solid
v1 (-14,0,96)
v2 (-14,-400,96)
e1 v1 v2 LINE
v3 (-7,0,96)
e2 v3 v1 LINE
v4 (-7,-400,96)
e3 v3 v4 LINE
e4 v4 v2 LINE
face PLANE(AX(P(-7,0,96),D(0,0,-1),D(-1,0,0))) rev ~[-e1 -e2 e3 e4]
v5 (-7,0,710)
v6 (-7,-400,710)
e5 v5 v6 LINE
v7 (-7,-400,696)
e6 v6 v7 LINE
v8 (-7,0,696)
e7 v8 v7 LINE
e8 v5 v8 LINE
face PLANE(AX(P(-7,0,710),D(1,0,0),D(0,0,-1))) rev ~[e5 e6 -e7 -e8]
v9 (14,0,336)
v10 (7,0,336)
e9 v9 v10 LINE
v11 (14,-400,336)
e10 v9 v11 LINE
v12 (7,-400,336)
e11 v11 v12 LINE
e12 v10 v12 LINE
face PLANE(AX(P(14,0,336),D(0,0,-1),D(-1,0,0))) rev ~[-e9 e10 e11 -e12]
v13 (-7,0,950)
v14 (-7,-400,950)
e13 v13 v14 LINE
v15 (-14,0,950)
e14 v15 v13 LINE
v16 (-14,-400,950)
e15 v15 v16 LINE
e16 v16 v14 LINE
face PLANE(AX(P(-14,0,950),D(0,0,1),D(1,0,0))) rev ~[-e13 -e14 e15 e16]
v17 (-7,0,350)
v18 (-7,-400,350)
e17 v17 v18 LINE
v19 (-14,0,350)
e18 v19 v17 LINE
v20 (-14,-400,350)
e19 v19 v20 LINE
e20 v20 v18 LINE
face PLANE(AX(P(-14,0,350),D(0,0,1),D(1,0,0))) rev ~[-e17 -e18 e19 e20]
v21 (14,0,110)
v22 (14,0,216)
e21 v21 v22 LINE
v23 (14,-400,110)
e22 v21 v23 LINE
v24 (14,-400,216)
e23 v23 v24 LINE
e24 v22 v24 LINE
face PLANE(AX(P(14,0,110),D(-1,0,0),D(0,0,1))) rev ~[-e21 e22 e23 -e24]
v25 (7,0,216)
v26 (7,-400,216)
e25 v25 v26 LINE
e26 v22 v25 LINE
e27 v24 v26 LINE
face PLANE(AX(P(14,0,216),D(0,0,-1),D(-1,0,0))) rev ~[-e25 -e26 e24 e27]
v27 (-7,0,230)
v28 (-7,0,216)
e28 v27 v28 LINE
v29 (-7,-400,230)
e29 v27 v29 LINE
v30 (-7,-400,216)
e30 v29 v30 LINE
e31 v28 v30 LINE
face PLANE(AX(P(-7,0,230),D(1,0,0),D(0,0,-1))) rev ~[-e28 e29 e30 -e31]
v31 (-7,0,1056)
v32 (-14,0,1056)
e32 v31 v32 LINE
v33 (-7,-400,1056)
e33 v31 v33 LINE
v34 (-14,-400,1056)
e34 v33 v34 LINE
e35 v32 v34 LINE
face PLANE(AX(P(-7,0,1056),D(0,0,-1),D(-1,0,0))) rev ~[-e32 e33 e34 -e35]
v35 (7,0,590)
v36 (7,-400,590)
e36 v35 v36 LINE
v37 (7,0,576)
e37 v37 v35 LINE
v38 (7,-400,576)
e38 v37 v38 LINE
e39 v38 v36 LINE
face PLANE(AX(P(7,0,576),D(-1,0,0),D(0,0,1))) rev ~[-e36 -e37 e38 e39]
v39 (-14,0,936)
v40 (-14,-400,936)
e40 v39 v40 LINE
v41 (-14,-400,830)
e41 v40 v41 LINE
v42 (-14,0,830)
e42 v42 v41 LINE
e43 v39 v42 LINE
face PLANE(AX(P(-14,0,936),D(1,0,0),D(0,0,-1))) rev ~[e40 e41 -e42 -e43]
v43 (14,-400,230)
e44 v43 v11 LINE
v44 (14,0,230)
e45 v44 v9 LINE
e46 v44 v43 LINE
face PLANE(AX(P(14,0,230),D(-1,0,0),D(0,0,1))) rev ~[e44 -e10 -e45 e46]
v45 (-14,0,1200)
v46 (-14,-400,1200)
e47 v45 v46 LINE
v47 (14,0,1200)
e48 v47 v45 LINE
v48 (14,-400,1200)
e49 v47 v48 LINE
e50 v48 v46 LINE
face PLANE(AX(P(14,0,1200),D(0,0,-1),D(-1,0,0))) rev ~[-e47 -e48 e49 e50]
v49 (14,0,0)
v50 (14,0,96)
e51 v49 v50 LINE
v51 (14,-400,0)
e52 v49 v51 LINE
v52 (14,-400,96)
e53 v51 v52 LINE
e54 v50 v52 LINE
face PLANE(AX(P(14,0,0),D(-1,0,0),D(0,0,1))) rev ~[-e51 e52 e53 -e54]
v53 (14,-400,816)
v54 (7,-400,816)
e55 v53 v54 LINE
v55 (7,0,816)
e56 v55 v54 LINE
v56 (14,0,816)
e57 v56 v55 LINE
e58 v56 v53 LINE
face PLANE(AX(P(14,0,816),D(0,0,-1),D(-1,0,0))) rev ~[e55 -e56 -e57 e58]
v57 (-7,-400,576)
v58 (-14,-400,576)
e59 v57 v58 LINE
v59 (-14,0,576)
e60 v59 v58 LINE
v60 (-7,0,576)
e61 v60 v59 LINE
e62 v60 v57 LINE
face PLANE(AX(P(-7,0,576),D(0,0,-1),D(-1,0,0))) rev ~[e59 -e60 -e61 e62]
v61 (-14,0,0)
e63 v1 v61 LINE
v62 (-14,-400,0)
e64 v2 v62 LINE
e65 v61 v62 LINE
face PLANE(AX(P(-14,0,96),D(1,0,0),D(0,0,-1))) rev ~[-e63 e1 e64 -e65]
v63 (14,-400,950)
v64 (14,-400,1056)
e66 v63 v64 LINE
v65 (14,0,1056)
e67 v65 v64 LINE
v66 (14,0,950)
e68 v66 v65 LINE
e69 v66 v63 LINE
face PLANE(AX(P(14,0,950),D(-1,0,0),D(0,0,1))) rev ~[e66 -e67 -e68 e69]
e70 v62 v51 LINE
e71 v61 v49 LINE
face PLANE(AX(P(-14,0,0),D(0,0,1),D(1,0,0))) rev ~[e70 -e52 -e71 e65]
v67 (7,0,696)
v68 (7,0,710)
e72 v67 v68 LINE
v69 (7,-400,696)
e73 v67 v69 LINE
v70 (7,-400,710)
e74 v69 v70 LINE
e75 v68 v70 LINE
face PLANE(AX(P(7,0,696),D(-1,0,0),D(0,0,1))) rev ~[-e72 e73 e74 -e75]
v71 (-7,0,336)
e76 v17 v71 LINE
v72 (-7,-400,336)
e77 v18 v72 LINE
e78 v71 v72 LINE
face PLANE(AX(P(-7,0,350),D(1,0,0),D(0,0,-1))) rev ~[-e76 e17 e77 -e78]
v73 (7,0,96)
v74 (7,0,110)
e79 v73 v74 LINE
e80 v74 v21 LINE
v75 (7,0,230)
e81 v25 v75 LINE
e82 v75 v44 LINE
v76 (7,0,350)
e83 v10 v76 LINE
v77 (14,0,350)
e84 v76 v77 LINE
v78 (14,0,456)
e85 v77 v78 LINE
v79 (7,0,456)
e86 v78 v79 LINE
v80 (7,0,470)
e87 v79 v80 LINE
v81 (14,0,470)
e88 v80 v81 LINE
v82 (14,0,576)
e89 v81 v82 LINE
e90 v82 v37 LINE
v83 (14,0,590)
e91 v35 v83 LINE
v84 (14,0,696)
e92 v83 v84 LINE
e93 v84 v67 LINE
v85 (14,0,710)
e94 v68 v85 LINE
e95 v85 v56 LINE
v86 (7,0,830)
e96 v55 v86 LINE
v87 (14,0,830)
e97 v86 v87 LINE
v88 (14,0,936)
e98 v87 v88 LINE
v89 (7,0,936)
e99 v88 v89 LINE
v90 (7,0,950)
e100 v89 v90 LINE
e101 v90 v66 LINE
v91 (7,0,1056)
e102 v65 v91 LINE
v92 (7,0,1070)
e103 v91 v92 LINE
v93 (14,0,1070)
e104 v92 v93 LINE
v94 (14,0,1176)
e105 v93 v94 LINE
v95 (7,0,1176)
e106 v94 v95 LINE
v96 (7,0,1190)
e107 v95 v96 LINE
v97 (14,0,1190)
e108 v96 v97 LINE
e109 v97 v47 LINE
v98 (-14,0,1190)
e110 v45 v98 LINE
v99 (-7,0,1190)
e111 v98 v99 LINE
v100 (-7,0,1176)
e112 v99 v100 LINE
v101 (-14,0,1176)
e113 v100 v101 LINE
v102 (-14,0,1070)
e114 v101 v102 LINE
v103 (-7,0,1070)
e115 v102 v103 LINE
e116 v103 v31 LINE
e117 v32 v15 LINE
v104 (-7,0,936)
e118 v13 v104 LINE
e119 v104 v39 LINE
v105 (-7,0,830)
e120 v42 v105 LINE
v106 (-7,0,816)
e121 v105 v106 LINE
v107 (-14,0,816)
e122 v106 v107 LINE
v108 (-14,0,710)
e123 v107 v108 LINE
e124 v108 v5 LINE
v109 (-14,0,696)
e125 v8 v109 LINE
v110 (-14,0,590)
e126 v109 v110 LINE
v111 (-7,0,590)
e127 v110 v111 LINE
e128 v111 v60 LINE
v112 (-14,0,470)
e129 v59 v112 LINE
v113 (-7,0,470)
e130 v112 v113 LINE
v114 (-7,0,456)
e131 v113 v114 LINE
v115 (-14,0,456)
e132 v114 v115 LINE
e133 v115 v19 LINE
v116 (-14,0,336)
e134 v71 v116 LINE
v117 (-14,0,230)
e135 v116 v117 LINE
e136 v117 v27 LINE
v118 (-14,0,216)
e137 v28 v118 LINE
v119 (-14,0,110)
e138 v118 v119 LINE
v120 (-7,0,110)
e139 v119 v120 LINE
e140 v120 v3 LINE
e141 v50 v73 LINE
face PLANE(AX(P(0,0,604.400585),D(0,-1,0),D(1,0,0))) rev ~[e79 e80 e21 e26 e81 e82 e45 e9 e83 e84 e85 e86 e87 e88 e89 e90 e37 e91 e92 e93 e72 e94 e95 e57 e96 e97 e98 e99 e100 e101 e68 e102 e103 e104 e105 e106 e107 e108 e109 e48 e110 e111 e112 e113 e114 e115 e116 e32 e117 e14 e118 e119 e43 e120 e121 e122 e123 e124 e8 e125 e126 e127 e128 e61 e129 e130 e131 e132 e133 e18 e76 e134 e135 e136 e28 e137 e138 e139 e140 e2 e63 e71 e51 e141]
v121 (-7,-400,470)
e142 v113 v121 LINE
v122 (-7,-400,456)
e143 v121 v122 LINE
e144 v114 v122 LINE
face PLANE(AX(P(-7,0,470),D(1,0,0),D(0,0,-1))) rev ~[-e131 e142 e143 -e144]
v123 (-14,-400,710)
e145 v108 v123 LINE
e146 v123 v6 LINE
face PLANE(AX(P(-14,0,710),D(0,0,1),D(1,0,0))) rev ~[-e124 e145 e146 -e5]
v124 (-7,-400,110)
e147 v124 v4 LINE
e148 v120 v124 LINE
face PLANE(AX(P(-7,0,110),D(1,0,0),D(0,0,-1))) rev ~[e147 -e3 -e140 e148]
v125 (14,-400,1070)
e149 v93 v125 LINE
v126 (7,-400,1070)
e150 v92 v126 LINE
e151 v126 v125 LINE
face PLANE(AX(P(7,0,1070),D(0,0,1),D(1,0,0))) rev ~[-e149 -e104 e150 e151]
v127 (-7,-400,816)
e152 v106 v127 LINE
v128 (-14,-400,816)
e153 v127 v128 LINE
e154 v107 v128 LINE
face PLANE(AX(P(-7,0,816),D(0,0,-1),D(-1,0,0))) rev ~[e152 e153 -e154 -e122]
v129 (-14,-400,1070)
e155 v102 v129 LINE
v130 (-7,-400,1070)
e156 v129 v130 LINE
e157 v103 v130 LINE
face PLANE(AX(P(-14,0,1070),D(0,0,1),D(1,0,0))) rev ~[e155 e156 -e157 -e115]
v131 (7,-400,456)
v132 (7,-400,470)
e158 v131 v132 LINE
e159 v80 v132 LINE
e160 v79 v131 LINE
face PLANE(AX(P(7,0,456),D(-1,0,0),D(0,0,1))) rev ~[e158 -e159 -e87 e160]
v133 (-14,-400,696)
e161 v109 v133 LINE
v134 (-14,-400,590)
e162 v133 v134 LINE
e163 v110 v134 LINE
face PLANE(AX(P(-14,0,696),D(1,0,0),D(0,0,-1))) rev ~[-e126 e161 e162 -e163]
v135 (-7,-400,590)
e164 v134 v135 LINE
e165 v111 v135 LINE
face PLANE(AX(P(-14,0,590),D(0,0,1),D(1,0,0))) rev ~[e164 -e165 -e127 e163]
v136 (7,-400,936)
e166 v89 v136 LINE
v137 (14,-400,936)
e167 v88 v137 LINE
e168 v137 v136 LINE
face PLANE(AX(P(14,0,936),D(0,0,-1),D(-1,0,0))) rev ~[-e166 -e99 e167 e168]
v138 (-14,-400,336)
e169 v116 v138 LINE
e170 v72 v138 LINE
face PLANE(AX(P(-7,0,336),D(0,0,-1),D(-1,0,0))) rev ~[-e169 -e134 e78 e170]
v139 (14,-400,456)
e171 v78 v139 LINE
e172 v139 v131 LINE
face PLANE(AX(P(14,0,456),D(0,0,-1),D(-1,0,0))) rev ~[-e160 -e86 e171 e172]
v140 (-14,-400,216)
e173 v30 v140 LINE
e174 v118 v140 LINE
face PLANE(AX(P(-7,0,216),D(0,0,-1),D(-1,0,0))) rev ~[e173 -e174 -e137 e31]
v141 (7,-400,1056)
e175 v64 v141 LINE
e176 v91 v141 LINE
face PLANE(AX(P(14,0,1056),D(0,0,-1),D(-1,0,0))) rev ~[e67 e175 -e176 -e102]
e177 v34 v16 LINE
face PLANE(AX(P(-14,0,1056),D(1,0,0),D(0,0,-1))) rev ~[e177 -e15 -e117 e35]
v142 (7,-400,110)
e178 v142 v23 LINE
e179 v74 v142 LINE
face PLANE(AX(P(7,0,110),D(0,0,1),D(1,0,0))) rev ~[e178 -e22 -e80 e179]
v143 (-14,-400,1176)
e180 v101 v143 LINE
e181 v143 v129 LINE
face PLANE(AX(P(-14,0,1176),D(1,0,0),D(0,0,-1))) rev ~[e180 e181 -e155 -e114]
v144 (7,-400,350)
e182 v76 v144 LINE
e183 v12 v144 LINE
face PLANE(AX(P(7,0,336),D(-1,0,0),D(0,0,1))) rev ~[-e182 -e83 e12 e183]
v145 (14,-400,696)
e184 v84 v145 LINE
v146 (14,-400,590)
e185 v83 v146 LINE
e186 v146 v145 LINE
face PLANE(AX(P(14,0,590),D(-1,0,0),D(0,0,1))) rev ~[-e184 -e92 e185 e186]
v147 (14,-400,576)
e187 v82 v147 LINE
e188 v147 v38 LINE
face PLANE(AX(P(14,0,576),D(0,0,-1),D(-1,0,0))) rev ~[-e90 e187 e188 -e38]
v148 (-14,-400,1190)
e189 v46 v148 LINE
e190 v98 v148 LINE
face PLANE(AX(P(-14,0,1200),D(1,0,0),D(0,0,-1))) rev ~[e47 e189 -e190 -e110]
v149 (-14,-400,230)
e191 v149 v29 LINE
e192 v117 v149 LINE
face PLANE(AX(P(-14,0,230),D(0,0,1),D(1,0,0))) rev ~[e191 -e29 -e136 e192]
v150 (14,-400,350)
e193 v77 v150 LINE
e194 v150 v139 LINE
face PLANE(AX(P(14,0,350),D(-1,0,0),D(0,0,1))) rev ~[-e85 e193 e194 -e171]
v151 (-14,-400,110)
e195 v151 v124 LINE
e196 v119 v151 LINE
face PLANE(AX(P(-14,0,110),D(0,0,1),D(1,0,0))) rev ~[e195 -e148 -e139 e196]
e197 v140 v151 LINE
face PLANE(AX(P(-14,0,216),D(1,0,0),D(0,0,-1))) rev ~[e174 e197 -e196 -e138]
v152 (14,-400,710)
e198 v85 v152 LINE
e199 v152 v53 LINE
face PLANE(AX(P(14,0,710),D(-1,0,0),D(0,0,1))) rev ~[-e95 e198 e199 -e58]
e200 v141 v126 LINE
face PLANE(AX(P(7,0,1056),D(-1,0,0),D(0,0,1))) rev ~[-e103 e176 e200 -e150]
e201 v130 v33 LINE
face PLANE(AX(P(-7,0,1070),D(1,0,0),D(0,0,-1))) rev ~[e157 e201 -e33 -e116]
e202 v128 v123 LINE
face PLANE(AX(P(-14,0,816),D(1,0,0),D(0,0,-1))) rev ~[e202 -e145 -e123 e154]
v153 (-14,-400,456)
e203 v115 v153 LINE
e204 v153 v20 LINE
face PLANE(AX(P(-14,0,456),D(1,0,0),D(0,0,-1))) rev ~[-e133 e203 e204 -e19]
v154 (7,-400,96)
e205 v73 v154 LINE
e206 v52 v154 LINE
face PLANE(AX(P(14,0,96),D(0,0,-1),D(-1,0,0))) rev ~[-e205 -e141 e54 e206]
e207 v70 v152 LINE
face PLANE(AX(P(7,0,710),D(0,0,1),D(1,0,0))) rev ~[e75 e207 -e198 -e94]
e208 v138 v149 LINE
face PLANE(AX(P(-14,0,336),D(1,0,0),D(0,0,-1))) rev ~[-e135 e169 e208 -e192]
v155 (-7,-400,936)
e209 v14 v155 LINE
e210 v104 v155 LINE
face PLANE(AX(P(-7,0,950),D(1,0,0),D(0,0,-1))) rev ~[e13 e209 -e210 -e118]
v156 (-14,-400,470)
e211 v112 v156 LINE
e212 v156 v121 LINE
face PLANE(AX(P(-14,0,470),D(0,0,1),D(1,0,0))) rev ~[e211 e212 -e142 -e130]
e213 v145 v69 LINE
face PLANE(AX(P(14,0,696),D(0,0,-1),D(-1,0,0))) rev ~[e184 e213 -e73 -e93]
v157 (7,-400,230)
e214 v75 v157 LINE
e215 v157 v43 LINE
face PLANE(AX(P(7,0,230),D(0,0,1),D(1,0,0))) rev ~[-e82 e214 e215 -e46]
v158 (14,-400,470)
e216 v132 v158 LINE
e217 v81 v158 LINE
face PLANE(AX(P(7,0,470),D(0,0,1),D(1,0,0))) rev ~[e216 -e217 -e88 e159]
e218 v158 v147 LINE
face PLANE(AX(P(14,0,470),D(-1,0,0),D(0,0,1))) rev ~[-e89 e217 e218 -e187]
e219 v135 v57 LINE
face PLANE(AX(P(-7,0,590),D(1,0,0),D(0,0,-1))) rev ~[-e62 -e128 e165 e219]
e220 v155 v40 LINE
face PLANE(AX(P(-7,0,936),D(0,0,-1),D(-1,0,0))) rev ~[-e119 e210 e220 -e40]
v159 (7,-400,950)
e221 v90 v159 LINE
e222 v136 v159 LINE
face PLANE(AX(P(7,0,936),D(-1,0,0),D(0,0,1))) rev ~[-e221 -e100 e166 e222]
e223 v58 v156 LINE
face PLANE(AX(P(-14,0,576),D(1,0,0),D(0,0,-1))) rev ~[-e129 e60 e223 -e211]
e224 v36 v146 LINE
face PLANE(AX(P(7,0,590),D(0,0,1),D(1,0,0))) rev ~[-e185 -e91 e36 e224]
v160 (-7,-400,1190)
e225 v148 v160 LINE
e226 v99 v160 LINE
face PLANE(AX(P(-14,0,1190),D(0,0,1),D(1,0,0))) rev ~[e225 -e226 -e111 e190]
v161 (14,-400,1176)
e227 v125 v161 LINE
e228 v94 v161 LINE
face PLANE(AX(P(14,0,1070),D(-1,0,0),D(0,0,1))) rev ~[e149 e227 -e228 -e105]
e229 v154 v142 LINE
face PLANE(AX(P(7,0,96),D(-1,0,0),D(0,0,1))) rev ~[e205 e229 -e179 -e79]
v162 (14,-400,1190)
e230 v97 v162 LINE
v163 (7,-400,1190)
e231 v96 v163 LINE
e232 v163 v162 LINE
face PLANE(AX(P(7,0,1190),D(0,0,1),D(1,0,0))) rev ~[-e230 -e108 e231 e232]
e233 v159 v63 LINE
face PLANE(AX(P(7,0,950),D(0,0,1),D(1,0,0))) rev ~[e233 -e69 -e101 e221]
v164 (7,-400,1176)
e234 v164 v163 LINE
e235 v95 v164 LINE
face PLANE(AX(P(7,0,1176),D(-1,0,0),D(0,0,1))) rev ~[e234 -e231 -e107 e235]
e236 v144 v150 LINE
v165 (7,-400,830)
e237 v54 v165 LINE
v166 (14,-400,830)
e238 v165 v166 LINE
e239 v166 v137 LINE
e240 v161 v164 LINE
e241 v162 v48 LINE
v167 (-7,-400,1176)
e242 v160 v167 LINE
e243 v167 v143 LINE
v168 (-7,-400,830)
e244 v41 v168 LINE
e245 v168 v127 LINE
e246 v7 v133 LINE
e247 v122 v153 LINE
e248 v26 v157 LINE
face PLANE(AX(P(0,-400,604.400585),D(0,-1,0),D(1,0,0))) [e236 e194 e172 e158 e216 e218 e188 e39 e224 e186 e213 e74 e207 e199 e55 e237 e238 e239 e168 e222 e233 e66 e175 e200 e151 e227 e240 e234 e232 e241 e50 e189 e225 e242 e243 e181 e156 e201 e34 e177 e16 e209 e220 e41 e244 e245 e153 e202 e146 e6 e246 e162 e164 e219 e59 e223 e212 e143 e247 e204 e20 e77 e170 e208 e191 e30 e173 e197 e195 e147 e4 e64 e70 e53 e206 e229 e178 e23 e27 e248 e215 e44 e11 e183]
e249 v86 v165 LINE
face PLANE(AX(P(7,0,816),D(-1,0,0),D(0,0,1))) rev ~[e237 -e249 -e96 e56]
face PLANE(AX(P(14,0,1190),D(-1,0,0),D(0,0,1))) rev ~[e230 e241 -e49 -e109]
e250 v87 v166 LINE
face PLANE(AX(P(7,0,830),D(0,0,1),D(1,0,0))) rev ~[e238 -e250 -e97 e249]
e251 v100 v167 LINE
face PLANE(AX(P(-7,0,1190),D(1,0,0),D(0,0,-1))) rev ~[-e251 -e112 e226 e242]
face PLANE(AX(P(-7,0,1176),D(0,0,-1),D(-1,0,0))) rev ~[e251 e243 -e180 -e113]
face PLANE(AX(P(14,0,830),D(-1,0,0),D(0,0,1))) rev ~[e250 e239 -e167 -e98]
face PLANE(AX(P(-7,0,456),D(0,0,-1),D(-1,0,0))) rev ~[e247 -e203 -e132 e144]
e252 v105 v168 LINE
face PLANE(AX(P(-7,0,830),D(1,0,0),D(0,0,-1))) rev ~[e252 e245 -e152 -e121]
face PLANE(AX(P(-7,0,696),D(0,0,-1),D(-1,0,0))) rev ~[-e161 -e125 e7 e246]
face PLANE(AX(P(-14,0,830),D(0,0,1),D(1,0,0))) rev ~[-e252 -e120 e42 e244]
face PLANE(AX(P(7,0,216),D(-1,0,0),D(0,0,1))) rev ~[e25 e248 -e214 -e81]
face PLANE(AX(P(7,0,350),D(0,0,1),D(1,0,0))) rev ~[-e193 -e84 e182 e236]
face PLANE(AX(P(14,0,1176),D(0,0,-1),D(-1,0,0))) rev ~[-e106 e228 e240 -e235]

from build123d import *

# Parameters (mm, degrees)
F1_DEPTH = 400


with BuildPart() as f1:
    # F0 (on Front) → F1 (new body)
    with BuildSketch(Plane.XZ):
        Polygon((-14, 0), (0, 0), (14, 0), (14, 96), (7, 96), (7, 110), (14, 110), (14, 216), (7, 216), (7, 230), (14, 230), (14, 336), (7, 336), (7, 350), (14, 350), (14, 456), (7, 456), (7, 470), (14, 470), (14, 576), (7, 576), (7, 590), (14, 590), (14, 696), (7, 696), (7, 710), (14, 710), (14, 816), (7, 816), (7, 830), (14, 830), (14, 936), (7, 936), (7, 950), (14, 950), (14, 1056), (7, 1056), (7, 1070), (14, 1070), (14, 1176), (7, 1176), (7, 1190), (14, 1190), (14, 1200), (0, 1200), (-14, 1200), (-14, 1190), (-7, 1190), (-7, 1176), (-14, 1176), (-14, 1070), (-7, 1070), (-7, 1056), (-14, 1056), (-14, 950), (-7, 950), (-7, 936), (-14, 936), (-14, 830), (-7, 830), (-7, 816), (-14, 816), (-14, 710), (-7, 710), (-7, 696), (-14, 696), (-14, 590), (-7, 590), (-7, 576), (-14, 576), (-14, 470), (-7, 470), (-7, 456), (-14, 456), (-14, 350), (-7, 350), (-7, 336), (-14, 336), (-14, 230), (-7, 230), (-7, 216), (-14, 216), (-14, 110), (-7, 110), (-7, 96), (-14, 96), align=None)
    extrude(amount=F1_DEPTH)


solid = f1.part
